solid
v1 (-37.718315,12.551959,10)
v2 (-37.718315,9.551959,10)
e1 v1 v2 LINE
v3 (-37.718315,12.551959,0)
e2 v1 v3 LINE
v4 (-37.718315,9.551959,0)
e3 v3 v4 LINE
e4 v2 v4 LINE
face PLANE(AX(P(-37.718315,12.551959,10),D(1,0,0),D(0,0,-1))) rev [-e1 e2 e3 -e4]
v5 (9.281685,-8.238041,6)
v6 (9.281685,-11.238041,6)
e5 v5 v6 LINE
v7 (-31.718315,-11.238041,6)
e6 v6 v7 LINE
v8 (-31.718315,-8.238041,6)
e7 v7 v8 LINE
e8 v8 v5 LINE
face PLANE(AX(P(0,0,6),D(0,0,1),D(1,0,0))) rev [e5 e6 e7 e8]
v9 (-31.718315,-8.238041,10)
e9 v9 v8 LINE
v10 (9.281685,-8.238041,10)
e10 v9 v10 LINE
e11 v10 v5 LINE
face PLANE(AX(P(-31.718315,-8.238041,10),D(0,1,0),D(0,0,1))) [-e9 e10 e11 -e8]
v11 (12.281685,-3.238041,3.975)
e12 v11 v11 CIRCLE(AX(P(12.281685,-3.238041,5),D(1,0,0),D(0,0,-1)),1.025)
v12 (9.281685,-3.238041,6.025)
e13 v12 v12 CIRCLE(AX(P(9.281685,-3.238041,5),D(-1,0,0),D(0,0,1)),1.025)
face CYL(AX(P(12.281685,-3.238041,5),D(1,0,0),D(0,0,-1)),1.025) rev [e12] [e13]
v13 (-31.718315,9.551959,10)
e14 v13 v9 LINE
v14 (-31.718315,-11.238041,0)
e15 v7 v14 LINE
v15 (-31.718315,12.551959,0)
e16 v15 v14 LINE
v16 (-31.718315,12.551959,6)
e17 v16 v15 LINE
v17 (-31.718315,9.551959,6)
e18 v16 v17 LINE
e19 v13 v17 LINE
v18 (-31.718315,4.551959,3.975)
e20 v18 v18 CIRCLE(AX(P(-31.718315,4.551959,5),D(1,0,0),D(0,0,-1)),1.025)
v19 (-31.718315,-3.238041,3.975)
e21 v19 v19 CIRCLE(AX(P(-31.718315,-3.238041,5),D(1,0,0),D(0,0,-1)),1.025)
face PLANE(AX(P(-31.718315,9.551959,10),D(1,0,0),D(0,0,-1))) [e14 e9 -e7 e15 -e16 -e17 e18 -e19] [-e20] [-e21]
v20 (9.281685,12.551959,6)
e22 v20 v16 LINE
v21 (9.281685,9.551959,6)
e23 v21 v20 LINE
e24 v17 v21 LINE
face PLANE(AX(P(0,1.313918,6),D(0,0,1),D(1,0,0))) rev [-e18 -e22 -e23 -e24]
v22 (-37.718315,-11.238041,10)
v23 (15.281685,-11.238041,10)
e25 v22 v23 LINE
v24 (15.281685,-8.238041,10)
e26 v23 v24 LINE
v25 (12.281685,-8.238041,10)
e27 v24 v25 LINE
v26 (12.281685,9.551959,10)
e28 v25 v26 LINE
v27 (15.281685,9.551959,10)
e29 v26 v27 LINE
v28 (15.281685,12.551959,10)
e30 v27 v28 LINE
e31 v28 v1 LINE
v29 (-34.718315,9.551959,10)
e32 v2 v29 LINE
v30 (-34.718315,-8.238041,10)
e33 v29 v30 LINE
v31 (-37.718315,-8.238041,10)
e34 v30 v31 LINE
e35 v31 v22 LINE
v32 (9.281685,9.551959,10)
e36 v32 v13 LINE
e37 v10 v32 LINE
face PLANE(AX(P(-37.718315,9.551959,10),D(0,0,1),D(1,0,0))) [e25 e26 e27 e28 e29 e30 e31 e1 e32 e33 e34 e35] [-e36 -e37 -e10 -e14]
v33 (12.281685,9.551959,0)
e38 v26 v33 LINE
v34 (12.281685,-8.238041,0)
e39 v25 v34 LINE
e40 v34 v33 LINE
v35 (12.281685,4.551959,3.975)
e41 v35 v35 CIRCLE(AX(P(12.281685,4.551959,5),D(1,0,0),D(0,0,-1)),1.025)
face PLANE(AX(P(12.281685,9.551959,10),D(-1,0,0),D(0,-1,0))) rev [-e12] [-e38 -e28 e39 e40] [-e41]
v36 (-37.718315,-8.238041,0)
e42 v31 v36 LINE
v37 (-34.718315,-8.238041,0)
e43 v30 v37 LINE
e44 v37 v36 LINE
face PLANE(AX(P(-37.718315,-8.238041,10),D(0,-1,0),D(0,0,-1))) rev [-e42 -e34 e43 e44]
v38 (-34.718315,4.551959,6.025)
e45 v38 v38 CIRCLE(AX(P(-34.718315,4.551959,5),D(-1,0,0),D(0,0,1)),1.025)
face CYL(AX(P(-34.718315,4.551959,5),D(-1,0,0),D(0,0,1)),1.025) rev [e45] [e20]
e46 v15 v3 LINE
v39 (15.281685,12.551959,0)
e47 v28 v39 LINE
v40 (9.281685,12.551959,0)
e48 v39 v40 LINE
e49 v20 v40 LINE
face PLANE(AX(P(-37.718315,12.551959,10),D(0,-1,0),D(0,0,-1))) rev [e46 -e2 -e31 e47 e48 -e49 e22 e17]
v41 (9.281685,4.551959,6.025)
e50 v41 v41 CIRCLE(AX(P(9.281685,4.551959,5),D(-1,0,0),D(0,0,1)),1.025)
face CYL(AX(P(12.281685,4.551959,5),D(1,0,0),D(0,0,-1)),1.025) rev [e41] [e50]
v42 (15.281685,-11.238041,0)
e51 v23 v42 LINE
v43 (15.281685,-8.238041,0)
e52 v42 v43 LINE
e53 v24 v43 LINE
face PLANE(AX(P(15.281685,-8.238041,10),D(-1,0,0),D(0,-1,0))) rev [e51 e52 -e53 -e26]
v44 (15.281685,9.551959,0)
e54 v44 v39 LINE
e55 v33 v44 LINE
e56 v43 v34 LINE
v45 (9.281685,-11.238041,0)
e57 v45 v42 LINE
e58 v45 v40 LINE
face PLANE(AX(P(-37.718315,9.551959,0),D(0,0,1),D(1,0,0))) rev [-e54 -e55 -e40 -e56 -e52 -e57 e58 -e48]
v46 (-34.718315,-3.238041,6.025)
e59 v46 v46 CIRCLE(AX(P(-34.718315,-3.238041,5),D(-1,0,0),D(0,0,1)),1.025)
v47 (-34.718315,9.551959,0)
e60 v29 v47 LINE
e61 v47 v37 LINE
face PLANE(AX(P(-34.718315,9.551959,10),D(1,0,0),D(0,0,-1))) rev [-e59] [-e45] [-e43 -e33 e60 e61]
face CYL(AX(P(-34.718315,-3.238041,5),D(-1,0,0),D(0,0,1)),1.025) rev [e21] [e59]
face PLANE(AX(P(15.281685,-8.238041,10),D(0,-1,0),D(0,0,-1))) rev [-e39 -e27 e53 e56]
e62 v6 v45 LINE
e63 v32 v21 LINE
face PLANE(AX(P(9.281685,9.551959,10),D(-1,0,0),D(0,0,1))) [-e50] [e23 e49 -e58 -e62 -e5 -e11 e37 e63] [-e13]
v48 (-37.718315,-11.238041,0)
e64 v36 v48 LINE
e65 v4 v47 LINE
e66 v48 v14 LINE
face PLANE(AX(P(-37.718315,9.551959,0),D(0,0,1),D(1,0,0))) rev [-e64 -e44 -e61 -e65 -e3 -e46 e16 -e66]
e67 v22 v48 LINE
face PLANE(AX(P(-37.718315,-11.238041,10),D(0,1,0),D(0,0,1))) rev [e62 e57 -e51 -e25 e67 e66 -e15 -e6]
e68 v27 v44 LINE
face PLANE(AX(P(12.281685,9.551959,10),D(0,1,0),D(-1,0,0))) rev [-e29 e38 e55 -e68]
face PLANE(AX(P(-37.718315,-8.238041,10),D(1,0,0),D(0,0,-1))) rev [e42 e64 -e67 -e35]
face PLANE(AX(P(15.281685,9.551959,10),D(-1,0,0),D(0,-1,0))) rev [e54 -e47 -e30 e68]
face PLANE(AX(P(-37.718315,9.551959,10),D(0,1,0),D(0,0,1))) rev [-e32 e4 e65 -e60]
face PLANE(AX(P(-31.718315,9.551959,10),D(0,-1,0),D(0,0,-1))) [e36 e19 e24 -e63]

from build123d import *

# Parameters (mm, degrees)
SKETCH1_W                    = 41
SKETCH1_H                    = 17.79
BOSS_EXTRUDE1_DEPTH          = 10
M2_5X0_45_TAPPED_HOLE2_D     = 2.05
M2_5X0_45_TAPPED_HOLE2_DEPTH = 7.25
M2_5X0_45_TAPPED_HOLE2_TIP   = 0.615882135
M2_5X0_45_TAPPED_HOLE1_D     = 2.05
M2_5X0_45_TAPPED_HOLE1_DEPTH = 7.25
M2_5X0_45_TAPPED_HOLE1_TIP   = 0.615882135
SKETCH10_W                   = 41
SKETCH10_H                   = 3
CUT_EXTRUDE1_DEPTH           = 6


with BuildPart() as part:
    # Sketch1 → Boss-Extrude1 (new body)
    with BuildSketch(Plane.XY):
        Polygon((12.281684518, 9.551958914), (15.281684518, 9.551958914), (15.281684518, 12.551958914), (-37.718315482, 12.551958914), (-37.718315482, 9.551958914), (-34.718315482, 9.551958914), (-34.718315482, -8.238041086), (-37.718315482, -8.238041086), (-37.718315482, -11.238041086), (15.281684518, -11.238041086), (15.281684518, -8.238041086), (12.281684518, -8.238041086), align=None)
        with Locations((-11.218315482, 0.656958914)):
            Rectangle(SKETCH1_W, SKETCH1_H, mode=Mode.SUBTRACT)
    extrude(amount=BOSS_EXTRUDE1_DEPTH)

    # M2.5x0.45 Tapped Hole2
    with Locations(Plane.ZY.offset(34.718315482)):
        with Locations((5, 4.551958914), (5, -3.238041086)):
            Hole(M2_5X0_45_TAPPED_HOLE2_D / 2, depth=M2_5X0_45_TAPPED_HOLE2_DEPTH)
            with Locations((0, 0, -(M2_5X0_45_TAPPED_HOLE2_DEPTH + M2_5X0_45_TAPPED_HOLE2_TIP / 2))):  # 118° drill point
                Cone(0, M2_5X0_45_TAPPED_HOLE2_D / 2, M2_5X0_45_TAPPED_HOLE2_TIP, mode=Mode.SUBTRACT)

    # M2.5x0.45 Tapped Hole1
    with Locations(Plane(origin=(12.281684518, 2.476678441, 1.606875776), x_dir=(0, 0, -1), z_dir=(1, 0, 0))):
        with Locations((-3.393124224, 2.075280473), (-3.393124224, -5.714719527)):
            Hole(M2_5X0_45_TAPPED_HOLE1_D / 2, depth=M2_5X0_45_TAPPED_HOLE1_DEPTH)
            with Locations((0, 0, -(M2_5X0_45_TAPPED_HOLE1_DEPTH + M2_5X0_45_TAPPED_HOLE1_TIP / 2))):  # 118° drill point
                Cone(0, M2_5X0_45_TAPPED_HOLE1_D / 2, M2_5X0_45_TAPPED_HOLE1_TIP, mode=Mode.SUBTRACT)

    # Sketch10 → Cut-Extrude1 (cut)
    with BuildSketch(Plane(origin=(0, 0, 0), x_dir=(-1, 0, 0), z_dir=(0, 0, -1))):
        with Locations((11.218315482, -9.738041086)):
            Rectangle(SKETCH10_W, SKETCH10_H)
    cut_extrude1 = extrude(amount=-CUT_EXTRUDE1_DEPTH, mode=Mode.SUBTRACT)

    # Mirror3: Cut-Extrude1 across plane
    add(cut_extrude1.mirror(Plane.ZX.offset(0.656958914)), mode=Mode.SUBTRACT)


solid = part.part
